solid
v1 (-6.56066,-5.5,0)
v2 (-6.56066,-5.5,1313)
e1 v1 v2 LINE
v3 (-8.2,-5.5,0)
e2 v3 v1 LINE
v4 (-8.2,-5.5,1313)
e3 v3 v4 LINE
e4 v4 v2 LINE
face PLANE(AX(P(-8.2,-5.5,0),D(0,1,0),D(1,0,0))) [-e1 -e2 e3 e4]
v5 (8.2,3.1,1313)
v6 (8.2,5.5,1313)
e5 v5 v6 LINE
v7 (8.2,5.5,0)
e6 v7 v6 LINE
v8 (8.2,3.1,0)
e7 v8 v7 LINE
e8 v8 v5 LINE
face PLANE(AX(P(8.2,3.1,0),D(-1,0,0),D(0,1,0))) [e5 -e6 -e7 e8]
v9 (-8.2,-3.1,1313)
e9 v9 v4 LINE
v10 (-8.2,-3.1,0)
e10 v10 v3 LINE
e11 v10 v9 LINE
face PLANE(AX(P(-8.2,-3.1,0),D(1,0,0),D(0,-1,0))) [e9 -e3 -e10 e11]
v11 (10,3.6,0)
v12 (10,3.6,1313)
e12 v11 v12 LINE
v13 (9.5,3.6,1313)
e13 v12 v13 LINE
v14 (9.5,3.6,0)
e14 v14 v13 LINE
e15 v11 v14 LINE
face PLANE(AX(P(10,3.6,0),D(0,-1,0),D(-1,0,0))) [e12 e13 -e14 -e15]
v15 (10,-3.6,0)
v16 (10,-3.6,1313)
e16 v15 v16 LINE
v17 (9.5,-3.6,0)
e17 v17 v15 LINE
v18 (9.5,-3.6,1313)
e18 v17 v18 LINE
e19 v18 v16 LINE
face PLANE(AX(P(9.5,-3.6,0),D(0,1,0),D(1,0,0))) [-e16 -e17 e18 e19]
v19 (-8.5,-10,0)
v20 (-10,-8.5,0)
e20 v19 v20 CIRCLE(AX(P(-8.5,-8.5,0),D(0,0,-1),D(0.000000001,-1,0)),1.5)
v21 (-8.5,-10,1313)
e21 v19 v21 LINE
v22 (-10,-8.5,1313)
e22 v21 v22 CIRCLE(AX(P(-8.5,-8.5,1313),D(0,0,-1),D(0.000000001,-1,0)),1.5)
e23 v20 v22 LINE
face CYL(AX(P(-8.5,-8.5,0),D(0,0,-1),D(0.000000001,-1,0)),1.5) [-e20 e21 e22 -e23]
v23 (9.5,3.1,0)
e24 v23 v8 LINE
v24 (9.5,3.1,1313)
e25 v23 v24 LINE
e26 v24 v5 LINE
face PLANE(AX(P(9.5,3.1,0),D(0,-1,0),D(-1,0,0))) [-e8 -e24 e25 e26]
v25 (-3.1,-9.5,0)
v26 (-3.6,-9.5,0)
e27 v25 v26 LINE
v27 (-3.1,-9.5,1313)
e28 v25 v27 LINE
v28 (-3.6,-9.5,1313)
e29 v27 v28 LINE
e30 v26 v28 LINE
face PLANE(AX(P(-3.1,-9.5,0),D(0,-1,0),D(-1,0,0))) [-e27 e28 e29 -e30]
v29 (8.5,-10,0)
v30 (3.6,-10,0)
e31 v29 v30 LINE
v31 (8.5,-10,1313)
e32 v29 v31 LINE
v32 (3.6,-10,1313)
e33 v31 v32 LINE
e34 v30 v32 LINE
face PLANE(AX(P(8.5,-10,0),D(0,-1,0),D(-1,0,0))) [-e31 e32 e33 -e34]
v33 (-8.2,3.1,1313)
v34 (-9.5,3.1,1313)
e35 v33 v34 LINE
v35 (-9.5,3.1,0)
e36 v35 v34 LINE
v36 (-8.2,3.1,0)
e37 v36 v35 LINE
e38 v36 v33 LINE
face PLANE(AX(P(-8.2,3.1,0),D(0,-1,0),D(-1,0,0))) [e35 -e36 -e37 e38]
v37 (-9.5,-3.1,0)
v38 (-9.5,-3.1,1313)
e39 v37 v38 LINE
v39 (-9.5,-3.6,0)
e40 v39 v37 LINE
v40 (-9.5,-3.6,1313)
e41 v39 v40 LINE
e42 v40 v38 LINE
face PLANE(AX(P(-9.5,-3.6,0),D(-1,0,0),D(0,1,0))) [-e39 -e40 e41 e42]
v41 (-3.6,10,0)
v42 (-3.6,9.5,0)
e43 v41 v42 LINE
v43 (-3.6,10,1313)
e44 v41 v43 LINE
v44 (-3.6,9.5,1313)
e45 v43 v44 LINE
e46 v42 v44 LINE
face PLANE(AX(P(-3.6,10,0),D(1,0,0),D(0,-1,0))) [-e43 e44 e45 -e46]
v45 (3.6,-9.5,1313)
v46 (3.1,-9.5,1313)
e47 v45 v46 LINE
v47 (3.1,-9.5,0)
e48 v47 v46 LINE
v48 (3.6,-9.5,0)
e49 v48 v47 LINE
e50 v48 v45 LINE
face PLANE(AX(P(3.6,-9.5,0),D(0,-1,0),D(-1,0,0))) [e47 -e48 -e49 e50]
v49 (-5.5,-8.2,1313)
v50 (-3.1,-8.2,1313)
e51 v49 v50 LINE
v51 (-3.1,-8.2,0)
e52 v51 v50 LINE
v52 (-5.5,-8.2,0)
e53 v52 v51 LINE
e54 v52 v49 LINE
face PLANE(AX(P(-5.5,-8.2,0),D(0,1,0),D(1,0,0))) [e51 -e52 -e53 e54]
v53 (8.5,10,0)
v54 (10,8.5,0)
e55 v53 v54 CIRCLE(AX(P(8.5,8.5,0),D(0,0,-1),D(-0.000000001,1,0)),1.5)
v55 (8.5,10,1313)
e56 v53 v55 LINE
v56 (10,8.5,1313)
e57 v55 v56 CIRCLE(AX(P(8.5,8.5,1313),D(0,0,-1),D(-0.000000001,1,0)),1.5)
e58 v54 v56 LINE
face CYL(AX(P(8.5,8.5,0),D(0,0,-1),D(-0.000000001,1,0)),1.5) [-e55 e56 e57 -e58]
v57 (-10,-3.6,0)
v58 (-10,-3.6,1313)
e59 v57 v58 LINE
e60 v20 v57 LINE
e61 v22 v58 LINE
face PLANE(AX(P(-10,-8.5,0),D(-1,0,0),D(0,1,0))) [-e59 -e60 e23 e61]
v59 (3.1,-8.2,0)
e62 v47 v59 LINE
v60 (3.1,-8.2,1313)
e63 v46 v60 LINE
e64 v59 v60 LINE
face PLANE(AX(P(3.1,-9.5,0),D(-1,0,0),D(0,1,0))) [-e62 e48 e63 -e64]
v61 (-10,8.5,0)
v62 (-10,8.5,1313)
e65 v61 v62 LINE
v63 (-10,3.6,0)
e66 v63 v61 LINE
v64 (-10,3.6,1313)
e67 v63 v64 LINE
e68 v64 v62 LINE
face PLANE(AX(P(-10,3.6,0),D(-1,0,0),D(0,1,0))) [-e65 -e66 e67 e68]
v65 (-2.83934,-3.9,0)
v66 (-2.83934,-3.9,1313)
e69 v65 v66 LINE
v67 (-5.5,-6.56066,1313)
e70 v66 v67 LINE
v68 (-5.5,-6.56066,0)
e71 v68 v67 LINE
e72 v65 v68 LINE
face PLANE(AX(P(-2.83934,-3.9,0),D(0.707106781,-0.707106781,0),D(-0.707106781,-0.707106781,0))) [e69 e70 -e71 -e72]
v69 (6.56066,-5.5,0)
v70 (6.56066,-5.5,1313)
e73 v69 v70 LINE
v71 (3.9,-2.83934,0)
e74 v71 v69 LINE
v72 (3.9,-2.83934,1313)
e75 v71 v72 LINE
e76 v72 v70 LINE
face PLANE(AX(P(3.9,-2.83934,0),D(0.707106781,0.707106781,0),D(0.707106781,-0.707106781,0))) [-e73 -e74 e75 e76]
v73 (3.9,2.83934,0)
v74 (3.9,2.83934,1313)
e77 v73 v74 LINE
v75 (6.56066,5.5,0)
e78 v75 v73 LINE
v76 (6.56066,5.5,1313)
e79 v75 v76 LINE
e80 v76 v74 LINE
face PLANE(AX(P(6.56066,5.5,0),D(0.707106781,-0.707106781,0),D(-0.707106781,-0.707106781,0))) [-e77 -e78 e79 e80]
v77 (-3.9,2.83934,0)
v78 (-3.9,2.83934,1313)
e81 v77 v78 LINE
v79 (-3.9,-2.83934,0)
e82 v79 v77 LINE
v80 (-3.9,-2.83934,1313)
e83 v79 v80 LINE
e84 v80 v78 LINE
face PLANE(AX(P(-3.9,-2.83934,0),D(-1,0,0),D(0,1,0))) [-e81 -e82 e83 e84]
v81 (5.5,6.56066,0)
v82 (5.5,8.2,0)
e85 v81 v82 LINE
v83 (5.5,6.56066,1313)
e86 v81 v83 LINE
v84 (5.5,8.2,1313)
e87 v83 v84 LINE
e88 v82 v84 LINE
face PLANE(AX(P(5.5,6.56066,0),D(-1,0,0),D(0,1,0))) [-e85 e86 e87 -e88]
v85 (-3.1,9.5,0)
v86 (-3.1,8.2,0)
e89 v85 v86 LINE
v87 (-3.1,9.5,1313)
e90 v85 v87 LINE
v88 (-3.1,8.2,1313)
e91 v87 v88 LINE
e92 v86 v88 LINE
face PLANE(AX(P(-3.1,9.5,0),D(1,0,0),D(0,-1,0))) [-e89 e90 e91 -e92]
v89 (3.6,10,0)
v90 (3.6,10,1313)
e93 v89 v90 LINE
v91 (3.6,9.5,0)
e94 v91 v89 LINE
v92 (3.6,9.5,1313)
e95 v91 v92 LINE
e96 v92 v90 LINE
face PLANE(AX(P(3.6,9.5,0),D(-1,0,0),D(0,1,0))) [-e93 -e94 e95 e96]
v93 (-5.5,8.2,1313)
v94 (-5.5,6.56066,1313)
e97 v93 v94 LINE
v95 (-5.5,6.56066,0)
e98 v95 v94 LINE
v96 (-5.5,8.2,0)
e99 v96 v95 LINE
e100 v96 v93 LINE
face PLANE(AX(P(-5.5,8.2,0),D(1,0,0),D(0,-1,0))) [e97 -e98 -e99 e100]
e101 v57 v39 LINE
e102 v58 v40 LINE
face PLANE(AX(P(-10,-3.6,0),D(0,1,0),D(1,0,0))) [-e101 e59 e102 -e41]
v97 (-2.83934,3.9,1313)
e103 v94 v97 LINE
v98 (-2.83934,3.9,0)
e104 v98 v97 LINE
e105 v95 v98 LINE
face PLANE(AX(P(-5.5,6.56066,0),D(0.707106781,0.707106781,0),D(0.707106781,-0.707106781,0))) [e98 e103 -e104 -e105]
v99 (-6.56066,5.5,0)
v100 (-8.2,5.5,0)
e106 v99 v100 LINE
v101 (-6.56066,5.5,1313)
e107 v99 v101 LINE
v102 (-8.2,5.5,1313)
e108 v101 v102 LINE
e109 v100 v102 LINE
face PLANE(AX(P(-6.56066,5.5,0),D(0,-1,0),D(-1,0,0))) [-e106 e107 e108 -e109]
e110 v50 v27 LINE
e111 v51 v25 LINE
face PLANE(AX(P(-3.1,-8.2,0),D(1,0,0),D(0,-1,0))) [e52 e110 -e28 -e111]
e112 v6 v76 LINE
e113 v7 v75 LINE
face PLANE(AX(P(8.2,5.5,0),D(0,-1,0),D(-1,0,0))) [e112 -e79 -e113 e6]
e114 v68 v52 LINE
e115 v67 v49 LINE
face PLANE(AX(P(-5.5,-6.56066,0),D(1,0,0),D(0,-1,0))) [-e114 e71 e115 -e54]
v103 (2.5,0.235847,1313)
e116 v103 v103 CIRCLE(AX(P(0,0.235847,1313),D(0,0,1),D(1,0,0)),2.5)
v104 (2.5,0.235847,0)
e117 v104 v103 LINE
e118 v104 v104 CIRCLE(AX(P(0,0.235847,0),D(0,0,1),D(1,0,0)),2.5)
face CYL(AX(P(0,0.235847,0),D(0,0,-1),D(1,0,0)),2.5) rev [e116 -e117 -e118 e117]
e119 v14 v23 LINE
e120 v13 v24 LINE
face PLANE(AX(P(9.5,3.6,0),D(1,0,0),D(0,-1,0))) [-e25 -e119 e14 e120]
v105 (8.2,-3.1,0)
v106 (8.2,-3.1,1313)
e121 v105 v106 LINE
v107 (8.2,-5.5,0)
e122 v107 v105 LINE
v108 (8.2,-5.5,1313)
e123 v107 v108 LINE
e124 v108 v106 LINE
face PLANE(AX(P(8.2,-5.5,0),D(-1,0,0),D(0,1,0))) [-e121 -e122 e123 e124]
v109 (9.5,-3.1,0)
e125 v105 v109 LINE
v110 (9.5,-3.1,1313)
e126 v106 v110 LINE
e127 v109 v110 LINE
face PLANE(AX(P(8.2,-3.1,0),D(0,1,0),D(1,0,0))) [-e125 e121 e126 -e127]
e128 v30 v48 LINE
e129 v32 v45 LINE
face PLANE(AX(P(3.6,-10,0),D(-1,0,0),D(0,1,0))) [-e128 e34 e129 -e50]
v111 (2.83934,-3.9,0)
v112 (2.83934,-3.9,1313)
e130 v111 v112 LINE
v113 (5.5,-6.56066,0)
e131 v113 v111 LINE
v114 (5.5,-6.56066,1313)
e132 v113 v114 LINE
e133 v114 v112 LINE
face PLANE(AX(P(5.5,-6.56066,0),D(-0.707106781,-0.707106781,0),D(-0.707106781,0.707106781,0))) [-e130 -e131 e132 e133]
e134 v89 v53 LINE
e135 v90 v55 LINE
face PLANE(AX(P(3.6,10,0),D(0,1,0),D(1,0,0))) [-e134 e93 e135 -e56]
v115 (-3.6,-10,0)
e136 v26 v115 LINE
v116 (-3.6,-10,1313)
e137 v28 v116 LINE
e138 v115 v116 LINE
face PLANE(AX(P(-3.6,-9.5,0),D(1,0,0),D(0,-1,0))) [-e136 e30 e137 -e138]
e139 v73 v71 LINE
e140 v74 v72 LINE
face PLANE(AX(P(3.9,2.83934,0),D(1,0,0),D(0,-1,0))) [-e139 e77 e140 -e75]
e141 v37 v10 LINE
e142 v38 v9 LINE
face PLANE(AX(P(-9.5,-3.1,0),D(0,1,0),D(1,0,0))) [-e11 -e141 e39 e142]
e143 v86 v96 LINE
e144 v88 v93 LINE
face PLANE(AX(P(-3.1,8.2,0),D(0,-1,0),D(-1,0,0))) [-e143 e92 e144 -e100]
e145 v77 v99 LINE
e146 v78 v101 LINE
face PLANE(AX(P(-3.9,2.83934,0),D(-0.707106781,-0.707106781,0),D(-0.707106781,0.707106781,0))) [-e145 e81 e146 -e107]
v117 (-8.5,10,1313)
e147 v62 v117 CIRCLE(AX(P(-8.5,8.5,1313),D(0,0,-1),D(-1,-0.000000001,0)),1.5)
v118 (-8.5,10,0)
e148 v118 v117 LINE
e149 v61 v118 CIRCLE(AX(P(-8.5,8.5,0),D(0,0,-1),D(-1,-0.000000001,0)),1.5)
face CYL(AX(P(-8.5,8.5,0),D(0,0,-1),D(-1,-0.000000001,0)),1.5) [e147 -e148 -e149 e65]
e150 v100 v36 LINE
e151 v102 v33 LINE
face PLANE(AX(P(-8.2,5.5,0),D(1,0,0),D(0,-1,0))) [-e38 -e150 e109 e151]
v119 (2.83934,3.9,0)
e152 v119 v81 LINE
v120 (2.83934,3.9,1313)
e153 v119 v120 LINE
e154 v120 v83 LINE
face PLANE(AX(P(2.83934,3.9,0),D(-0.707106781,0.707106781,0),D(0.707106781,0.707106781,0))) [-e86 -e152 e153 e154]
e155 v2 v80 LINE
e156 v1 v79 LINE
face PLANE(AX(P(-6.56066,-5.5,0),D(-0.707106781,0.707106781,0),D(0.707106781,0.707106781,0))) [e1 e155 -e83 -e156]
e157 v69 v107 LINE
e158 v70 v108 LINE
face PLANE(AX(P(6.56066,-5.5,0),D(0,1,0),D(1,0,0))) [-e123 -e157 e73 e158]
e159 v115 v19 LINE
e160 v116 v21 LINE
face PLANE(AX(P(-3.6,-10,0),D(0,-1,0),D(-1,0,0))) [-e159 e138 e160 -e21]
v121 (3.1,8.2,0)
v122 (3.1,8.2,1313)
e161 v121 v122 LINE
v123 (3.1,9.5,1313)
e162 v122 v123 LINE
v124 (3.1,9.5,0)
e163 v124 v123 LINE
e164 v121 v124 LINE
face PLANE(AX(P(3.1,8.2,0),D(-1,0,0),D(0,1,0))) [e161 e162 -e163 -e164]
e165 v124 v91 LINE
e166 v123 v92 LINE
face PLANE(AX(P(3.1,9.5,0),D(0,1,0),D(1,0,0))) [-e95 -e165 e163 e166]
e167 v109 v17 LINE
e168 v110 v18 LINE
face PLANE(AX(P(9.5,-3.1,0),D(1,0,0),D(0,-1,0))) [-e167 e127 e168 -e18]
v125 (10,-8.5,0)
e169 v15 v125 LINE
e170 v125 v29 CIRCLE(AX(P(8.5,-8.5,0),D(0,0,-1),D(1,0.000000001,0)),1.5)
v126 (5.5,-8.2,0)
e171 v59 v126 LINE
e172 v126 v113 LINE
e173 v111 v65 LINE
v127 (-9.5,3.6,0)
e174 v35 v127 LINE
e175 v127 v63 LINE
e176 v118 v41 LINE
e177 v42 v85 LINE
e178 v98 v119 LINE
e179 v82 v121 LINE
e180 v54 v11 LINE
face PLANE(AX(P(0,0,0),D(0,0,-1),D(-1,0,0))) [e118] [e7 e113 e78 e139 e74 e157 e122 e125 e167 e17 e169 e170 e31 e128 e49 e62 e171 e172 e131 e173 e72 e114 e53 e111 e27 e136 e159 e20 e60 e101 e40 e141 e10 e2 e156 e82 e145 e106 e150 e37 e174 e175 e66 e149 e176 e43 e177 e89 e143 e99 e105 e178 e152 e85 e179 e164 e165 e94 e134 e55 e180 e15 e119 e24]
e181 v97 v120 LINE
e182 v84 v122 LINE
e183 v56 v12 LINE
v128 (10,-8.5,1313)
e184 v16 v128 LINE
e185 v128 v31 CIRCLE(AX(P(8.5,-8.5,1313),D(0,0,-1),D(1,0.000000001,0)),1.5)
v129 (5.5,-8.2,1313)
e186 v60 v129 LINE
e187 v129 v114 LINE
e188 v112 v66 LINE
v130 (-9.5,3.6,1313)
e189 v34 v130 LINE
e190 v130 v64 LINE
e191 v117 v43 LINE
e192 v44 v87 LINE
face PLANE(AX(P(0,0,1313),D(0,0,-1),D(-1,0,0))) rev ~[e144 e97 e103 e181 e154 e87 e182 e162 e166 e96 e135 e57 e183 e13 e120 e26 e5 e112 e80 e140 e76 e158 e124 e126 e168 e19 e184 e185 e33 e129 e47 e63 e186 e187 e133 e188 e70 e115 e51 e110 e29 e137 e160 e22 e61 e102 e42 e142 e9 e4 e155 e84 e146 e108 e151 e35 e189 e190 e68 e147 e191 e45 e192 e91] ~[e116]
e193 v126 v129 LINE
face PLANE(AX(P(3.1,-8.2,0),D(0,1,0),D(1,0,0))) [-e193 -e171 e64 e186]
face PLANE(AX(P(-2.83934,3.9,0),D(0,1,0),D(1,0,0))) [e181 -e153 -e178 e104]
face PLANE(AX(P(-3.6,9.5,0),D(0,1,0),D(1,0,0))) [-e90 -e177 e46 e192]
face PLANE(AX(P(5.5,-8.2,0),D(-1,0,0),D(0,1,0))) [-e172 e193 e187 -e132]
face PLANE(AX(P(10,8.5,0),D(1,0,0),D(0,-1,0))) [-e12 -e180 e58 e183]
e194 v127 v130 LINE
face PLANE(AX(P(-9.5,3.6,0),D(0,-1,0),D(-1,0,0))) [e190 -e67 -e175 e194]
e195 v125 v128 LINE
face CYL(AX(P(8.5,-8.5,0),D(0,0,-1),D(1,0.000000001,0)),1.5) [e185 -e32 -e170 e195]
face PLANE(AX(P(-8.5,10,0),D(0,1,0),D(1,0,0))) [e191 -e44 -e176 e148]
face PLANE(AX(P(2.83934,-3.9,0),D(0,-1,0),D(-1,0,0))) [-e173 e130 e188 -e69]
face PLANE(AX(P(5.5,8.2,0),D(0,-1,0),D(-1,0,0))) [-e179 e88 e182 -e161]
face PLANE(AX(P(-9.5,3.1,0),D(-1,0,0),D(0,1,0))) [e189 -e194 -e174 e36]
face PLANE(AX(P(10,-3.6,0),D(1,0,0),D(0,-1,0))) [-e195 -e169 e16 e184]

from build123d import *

# Parameters (mm, degrees)
SKETCH1_R           = 2.5
BOSS_EXTRUDE1_DEPTH = 1313


with BuildPart() as part:
    # Sketch1 → Boss-Extrude1 (new body)
    with BuildSketch(Plane.XY):
        with BuildLine():
            Line((2.839339828, 3.9), (5.5, 6.560660172))
            Line((5.5, 6.560660172), (5.5, 8.2))
            Line((5.5, 8.2), (3.1, 8.2))
            Line((3.1, 8.2), (3.1, 9.5))
            Line((3.1, 9.5), (3.6, 9.5))
            Line((3.6, 9.5), (3.6, 10))
            Line((3.6, 10), (8.5, 10))
            ThreePointArc((8.5, 10), (9.560660172, 9.560660172), (10, 8.5))
            Line((10, 8.5), (10, 3.6))
            Line((10, 3.6), (9.5, 3.6))
            Line((9.5, 3.6), (9.5, 3.1))
            Line((9.5, 3.1), (8.2, 3.1))
            Line((8.2, 3.1), (8.2, 5.5))
            Line((8.2, 5.5), (6.560660172, 5.5))
            Line((6.560660172, 5.5), (3.9, 2.839339828))
            Line((3.9, 2.839339828), (3.9, -2.839339828))
            Line((3.9, -2.839339828), (6.560660172, -5.5))
            Line((6.560660172, -5.5), (8.2, -5.5))
            Line((8.2, -5.5), (8.2, -3.1))
            Line((8.2, -3.1), (9.5, -3.1))
            Line((9.5, -3.1), (9.5, -3.6))
            Line((9.5, -3.6), (10, -3.6))
            Line((10, -3.6), (10, -8.5))
            ThreePointArc((10, -8.5), (9.560660172, -9.560660172), (8.5, -10))
            Line((8.5, -10), (3.6, -10))
            Line((3.6, -10), (3.6, -9.5))
            Line((3.6, -9.5), (3.1, -9.5))
            Line((3.1, -9.5), (3.1, -8.2))
            Line((3.1, -8.2), (5.5, -8.2))
            Line((5.5, -8.2), (5.5, -6.560660172))
            Line((5.5, -6.560660172), (2.839339828, -3.9))
            Line((2.839339828, -3.9), (-2.839339828, -3.9))
            Line((-2.839339828, -3.9), (-5.5, -6.560660172))
            Line((-5.5, -6.560660172), (-5.5, -8.2))
            Line((-5.5, -8.2), (-3.1, -8.2))
            Line((-3.1, -8.2), (-3.1, -9.5))
            Line((-3.1, -9.5), (-3.6, -9.5))
            Line((-3.6, -9.5), (-3.6, -10))
            Line((-3.6, -10), (-8.5, -10))
            ThreePointArc((-8.5, -10), (-9.560660172, -9.560660172), (-10, -8.5))
            Line((-10, -8.5), (-10, -3.6))
            Line((-10, -3.6), (-9.5, -3.6))
            Line((-9.5, -3.6), (-9.5, -3.1))
            Line((-9.5, -3.1), (-8.2, -3.1))
            Line((-8.2, -3.1), (-8.2, -5.5))
            Line((-8.2, -5.5), (-6.560660172, -5.5))
            Line((-6.560660172, -5.5), (-3.9, -2.839339828))
            Line((-3.9, -2.839339828), (-3.9, 2.839339828))
            Line((-3.9, 2.839339828), (-6.560660172, 5.5))
            Line((-6.560660172, 5.5), (-8.2, 5.5))
            Line((-8.2, 5.5), (-8.2, 3.1))
            Line((-8.2, 3.1), (-9.5, 3.1))
            Line((-9.5, 3.1), (-9.5, 3.6))
            Line((-9.5, 3.6), (-10, 3.6))
            Line((-10, 3.6), (-10, 8.5))
            ThreePointArc((-10, 8.5), (-9.560660172, 9.560660172), (-8.5, 10))
            Line((-8.5, 10), (-3.6, 10))
            Line((-3.6, 10), (-3.6, 9.5))
            Line((-3.6, 9.5), (-3.1, 9.5))
            Line((-3.1, 9.5), (-3.1, 8.2))
            Line((-3.1, 8.2), (-5.5, 8.2))
            Line((-5.5, 8.2), (-5.5, 6.560660172))
            Line((-5.5, 6.560660172), (-2.839339828, 3.9))
            Line((-2.839339828, 3.9), (2.839339828, 3.9))
        make_face()
        with Locations((0, 0.235847297)):
            Circle(SKETCH1_R, mode=Mode.SUBTRACT)
    extrude(amount=BOSS_EXTRUDE1_DEPTH)


solid = part.part
